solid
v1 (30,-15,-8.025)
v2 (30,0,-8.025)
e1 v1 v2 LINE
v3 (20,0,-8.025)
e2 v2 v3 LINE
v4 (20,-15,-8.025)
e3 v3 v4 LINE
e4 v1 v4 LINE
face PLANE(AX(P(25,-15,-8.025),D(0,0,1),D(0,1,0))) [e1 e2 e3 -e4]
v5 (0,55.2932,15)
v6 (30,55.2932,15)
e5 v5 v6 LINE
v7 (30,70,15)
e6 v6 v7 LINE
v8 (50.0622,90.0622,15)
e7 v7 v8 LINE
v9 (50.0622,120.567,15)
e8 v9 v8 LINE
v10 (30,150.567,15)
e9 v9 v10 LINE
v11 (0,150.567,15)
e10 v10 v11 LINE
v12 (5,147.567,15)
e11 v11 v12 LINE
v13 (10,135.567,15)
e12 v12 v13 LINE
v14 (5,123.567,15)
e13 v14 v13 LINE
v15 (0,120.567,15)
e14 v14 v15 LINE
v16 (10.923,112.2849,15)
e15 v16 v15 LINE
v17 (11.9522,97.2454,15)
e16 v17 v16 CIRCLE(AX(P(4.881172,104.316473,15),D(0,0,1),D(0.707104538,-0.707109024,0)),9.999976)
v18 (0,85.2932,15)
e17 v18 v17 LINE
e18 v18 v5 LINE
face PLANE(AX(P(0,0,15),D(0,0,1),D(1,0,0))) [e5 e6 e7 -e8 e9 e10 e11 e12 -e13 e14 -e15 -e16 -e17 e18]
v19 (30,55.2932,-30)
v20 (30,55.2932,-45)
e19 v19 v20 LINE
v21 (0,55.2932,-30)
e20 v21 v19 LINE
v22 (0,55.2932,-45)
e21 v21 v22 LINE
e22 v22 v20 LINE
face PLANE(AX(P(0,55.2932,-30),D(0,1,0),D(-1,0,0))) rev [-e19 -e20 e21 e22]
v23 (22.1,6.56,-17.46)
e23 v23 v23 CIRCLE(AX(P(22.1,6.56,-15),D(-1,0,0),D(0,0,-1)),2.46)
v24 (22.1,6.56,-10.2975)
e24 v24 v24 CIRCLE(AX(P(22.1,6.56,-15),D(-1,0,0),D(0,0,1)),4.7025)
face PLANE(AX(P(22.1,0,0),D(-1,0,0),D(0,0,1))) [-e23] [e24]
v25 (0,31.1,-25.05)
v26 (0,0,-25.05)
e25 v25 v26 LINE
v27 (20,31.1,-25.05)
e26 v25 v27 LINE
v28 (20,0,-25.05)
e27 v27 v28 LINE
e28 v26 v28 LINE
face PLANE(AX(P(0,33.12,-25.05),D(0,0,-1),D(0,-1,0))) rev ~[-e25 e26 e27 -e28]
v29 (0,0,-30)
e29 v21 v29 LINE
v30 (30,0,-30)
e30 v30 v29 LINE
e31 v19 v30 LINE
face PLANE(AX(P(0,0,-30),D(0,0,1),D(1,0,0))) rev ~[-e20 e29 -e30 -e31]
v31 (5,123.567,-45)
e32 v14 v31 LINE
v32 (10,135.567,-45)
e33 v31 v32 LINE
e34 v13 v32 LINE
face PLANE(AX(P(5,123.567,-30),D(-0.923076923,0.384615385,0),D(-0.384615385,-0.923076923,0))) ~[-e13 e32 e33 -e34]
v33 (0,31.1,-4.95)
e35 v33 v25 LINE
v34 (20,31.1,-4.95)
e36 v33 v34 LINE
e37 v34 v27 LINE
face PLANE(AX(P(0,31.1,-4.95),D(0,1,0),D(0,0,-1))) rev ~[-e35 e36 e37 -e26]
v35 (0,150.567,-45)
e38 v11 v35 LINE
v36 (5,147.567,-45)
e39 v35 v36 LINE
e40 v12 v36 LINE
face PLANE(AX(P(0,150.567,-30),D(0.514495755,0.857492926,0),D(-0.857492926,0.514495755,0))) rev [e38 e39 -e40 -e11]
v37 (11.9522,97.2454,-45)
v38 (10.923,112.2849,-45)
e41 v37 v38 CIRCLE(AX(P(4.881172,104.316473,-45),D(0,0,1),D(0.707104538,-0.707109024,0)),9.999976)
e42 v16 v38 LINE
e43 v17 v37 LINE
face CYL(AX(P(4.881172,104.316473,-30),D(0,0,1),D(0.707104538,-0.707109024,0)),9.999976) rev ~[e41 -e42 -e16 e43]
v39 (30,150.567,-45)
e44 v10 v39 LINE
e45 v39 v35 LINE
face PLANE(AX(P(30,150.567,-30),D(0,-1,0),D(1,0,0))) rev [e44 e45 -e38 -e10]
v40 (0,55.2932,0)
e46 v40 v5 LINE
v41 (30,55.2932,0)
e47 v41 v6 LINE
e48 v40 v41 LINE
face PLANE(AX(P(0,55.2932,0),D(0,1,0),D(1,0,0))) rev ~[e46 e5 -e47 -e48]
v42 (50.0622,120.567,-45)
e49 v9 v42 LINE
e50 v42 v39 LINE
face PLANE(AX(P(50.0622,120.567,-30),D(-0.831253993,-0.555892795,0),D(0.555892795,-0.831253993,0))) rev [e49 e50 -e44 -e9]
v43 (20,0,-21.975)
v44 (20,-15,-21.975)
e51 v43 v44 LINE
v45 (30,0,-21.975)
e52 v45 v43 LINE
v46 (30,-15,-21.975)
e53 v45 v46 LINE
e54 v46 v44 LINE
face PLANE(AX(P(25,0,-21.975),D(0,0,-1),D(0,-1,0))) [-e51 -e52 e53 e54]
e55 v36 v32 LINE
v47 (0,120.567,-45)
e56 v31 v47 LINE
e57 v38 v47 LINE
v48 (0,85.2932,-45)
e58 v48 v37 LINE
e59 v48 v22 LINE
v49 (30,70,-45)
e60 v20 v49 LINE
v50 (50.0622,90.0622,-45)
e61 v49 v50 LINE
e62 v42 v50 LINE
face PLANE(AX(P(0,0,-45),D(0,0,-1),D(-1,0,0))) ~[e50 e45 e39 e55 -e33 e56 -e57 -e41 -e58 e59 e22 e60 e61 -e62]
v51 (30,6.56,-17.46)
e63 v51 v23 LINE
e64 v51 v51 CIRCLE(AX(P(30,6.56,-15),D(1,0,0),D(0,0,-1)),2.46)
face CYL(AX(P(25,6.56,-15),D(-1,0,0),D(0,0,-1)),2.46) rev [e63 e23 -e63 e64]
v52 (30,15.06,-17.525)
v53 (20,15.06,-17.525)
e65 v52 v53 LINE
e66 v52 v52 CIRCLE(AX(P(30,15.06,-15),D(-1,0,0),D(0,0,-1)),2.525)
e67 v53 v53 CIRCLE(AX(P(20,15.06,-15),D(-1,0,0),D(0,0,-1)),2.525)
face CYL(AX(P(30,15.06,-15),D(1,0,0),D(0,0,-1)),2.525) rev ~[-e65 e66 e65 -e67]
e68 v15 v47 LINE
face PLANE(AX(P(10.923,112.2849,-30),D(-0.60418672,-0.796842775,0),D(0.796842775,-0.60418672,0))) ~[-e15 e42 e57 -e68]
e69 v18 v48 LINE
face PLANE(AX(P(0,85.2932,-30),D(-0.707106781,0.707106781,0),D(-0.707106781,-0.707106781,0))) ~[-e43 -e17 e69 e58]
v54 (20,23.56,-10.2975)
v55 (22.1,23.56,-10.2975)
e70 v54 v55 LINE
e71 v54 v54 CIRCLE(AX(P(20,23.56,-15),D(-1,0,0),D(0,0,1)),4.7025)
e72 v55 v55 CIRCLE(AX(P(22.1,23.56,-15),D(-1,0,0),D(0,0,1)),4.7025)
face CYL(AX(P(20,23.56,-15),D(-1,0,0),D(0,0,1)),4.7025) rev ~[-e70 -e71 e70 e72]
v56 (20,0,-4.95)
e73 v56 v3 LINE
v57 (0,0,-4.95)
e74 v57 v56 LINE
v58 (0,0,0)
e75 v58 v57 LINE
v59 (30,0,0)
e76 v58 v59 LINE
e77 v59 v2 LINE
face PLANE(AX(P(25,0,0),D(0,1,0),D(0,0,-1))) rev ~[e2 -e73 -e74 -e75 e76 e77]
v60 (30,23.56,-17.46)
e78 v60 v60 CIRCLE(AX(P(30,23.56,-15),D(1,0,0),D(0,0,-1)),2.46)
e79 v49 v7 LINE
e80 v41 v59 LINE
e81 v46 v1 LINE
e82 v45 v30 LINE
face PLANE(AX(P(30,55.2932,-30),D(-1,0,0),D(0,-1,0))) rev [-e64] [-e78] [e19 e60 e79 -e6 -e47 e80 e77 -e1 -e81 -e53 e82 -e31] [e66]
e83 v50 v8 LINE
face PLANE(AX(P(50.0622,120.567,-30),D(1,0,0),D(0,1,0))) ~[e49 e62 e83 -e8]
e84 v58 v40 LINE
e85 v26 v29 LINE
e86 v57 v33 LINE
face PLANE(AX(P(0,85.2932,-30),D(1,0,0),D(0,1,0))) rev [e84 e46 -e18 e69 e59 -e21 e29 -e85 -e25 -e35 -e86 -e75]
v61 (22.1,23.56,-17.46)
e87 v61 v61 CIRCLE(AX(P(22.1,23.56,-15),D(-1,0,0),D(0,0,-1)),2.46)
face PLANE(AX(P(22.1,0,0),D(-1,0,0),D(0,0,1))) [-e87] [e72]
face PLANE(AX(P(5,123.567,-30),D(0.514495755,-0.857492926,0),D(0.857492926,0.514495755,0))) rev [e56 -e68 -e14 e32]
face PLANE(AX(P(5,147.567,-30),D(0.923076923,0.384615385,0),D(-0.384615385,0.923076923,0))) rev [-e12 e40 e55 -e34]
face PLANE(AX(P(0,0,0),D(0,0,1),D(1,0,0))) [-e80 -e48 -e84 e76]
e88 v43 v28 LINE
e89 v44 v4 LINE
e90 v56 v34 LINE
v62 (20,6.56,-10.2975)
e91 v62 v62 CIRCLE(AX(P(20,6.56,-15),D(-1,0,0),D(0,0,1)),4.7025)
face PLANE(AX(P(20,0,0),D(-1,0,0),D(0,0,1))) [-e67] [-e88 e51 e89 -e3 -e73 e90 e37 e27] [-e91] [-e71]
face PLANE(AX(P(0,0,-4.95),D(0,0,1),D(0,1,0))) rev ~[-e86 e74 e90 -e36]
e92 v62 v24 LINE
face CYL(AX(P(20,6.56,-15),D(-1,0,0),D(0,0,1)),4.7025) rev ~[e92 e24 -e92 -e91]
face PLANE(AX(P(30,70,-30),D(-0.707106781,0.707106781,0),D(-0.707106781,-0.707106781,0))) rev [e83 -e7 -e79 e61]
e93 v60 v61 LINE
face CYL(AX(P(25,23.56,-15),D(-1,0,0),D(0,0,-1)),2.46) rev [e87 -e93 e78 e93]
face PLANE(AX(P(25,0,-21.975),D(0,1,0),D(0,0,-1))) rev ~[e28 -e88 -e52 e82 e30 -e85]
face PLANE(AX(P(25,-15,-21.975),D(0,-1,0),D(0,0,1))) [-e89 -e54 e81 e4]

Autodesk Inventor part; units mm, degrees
ref_plane "YZ Plane" through (0, 0, 0) normal (1, 0, 0) x (0, 1, 0)
ref_plane "XZ Plane" through (0, 0, 0) normal (0, 1, 0) x (-1, 0, 0)
sketch "Sketch1" plane through (0, 0, 0) normal (0, 0, 1) x (1, 0, 0)
  line L0 (0, 0) -> (25, 0)
  line L1 (25, 0) -> (25, 40)
  line L2 (25, 40) -> (0, 40)
  line L3 (0, 40) -> (0, 0)
  dimension "d1" = 25
  dimension "d2" = 40
  dimension "d3" = 25
extrude "Extrusion1" add sketch "Sketch1" against normal blind 30
sketch "Sketch2" plane through (25, 0, 0) normal (1, 0, 0) x (0, 0, -1)
  line L0 (0, 0) -> (30, 0) projected
  circle A0 centre (15, 6.56) radius 2.46
extrude "Extrusion2" cut sketch "Sketch2" against normal blind 30
sketch "Sketch3" plane through (0, 0, 0) normal (-1, 0, 0) x (0, 0, 1)
  line L0 (0, 0) -> (-30, 0) projected
  line L1 (-25.05, 0) -> (-4.95, 0)
  line L2 (-4.95, 0) -> (-4.95, 33.12)
  line L3 (-4.95, 33.12) -> (-25.05, 33.12)
  line L4 (-25.05, 33.12) -> (-25.05, 0)
  dimension "d11" = 20.1
extrude "Extrusion3" cut sketch "Sketch3" against normal blind 20
sketch "Sketch4" plane through (0, 0, 0) normal (0, -1, 0) x (1, 0, 0)
  line L0 (20, -4.95) -> (20, -25.05) projected
  line L1 (20, -15) -> (25, -15)
  line L2 (25, 0) -> (25, -30) projected
  line L3 (20, -8.025) -> (25, -8.025)
  line L4 (25, -8.025) -> (25, -21.975)
  line L5 (25, -21.975) -> (20, -21.975)
  line L6 (20, -21.975) -> (20, -8.025)
  line L7 (20, -8.025) -> (25, -21.975) construction
  line L8 (25, -8.025) -> (20, -21.975) construction
  line L9 (25, -12.54) -> (25, -17.46) projected
  point P0 (0, 0)
  point P1 (22.5, -15)
  dimension "d14" = 13.95
extrude "Extrusion4" add sketch "Sketch4" along normal blind 15
sketch "Sketch5" plane through (20, 0, 0) normal (-1, 0, 0) x (0, 0, 1)
  circle A0 centre (-15, 6.56) radius 2.46 projected
  circle A1 centre (-15, 6.56) radius 4.7025
  circle A2 centre (-15, 6.56) radius 2.46 projected
  circle A3 centre (-15, 6.56) radius 2.46
  point P0 (0, 0)
  dimension "d17" = 9.405
extrude "Extrusion5" cut sketch "Sketch5" against normal blind 2.1
sketch "Sketch6" plane through (25, 0, 0) normal (1, 0, 0) x (0, 0, -1)
  circle A0 centre (15, 6.56) radius 4.7025 projected
  line L0 (15, 6.56) -> (15, 23.56)
  circle A1 centre (15, 23.56) radius 2.46
  point P0 (0, 0)
  dimension "d20" = 17
  dimension "d21" = 4.92
extrude "Extrusion6" cut sketch "Sketch6" against normal blind 10 contours A1
sketch "Sketch7" plane through (20, 0, 0) normal (-1, 0, 0) x (0, 0, 1)
  circle A0 centre (-15, 23.56) radius 2.46 projected
  circle A1 centre (-15, 23.56) radius 4.7025
  point P0 (0, 0)
  dimension "d24" = 9.405
extrude "Extrusion7" cut sketch "Sketch7" against normal blind 2.1
sketch "Sketch9" plane through (25, 0, 0) normal (1, 0, 0) x (0, 0, -1)
  circle A0 centre (15, 6.56) radius 2.46 projected
  circle A1 centre (15, 6.56) radius 2.46
  circle A2 centre (15, 23.56) radius 2.46 projected
  circle A3 centre (15, 23.56) radius 2.46
  line L0 (30, 40) -> (30, 0) projected
  line L1 (30, 0) -> (30, 40)
  line L2 (30, 40) -> (0, 40)
  line L3 (0, 40) -> (0, 0)
  line L4 (0, 0) -> (8.025, 0) projected
  line L5 (21.975, 0) -> (21.975, -15)
  line L6 (21.975, -15) -> (8.025, -15)
  line L7 (8.025, -15) -> (8.025, 0)
  line L8 (0, 0) -> (8.025, 0)
  line L9 (21.975, 0) -> (30, 0)
extrude "Extrusion8" add sketch "Sketch9" along normal blind 5
sketch "Sketch10" plane through (0, 40, 0) normal (0, 1, 0) x (1, 0, 0)
  line L0 (0, 30) -> (30, 30) projected
  line L1 (30, 0) -> (0, 0) projected
  line L2 (0, 30) -> (30, 30)
  line L3 (30, 30) -> (30, 0)
  line L4 (30, 0) -> (0, 0)
  line L5 (0, 0) -> (0, 30)
extrude "Extrusion9" add sketch "Sketch10" along normal blind 30
sketch "Sketch12" plane through (30, 0, 0) normal (1, 0, 0) x (0, 0, -1)
  circle A0 centre (15, 6.56) radius 2.46 projected
  line L0 (15, 6.56) -> (15, 15.06)
  circle A1 centre (15, 15.06) radius 2.525
  point P0 (0, 0)
  dimension "d31" = 8.5
  dimension "d33" = 5.05
extrude "Extrusion10" cut sketch "Sketch12" against normal blind 30 contours A1
sketch "Sketch15" plane through (0, 0, -25.05) normal (-1, 0, 0) x (0, 0, 1)
  line L0 (0, 33.12) -> (20.1, 33.12) projected
  line L1 (20.1, 33.12) -> (20.1, 0) projected
  line L2 (0, 33.12) -> (20.1, 33.12)
  line L3 (20.1, 33.12) -> (20.1, 31.1)
  line L4 (20.1, 31.1) -> (0, 31.1)
  line L5 (0, 31.1) -> (0, 33.12)
  point P0 (25.05, 0)
  dimension "d57" = 2.02
extrude "Extrusion13" add sketch "Sketch15" against normal blind 20
sketch "Sketch17" plane through (0, 0, 0) normal (0, 0, 1) x (1, 0, 0)
  line L0 (0, 70) -> (30, 70) projected
  line L1 (30, 70) -> (50.0622, 90.0622)
  line L2 (30, 70) -> (80, 70) construction
  line L3 (11.9522, 97.2454) -> (0, 85.2932)
  line L4 (0, 70) -> (0, 85.2932)
  line L5 (0, 70) -> (0, 0) projected
  line L6 (0, 70) -> (30, 70)
  line L7 (10.923, 112.2849) -> (0, 120.567)
  line L8 (50.0622, 105.3553) -> (50.0622, 120.567)
  line L9 (50.0622, 105.3553) -> (50.0622, 90.0622)
  arc A0 (11.9522, 97.2454) -> (10.923, 112.2849) centre (4.8811, 104.3165) ccw
  line L10 (0, 150.567) -> (30, 150.567)
  line L11 (30, 150.567) -> (50.0622, 120.567)
  line L12 (5, 147.567) -> (0, 150.567)
  line L13 (5, 123.567) -> (0, 120.567)
  line L14 (5, 123.567) -> (10, 135.567)
  line L15 (10, 135.567) -> (5, 147.567)
  dimension "d61" = 45
  dimension "d62" = 32.0271
  dimension "d72" = 10
extrude "Extrusion14" add sketch "Sketch17" against normal blind 30
sketch "Sketch22" plane through (0, 0, 0) normal (0, 0, 1) x (1, 0, 0)
  line L0 (30, 0) -> (30, 70) projected
  line L1 (50.0622, 120.567) -> (50.0622, 90.0622) projected
  line L2 (30, 70) -> (50.0622, 90.0622)
  line L3 (50.0622, 90.0622) -> (50.0622, 120.567)
  line L4 (50.0622, 120.567) -> (30, 150.567) projected
  line L5 (50.0622, 120.567) -> (30, 150.567)
  line L6 (30, 150.567) -> (0, 150.567) projected
  line L7 (30, 150.567) -> (0, 150.567)
  line L8 (0, 150.567) -> (5, 147.567) projected
  line L9 (0, 150.567) -> (5, 147.567)
  line L10 (5, 147.567) -> (10, 135.567) projected
  line L11 (5, 147.567) -> (10, 135.567)
  line L12 (5, 123.567) -> (10, 135.567) projected
  line L13 (10, 135.567) -> (5, 123.567)
  line L14 (5, 123.567) -> (0, 120.567) projected
  line L15 (5, 123.567) -> (0, 120.567)
  line L16 (10.923, 112.2849) -> (0, 120.567) projected
  line L17 (0, 120.567) -> (10.923, 112.2849)
  line L18 (0, 85.2932) -> (11.9522, 97.2454) projected
  line L19 (11.9522, 97.2454) -> (0, 85.2932)
  line L20 (0, 85.2932) -> (0, 55.2932)
  line L21 (0, 0) -> (0, 85.2932) projected
  line L22 (0, 55.2932) -> (30, 55.2932)
  line L23 (30, 55.2932) -> (30, 70)
  arc A0 (11.9522, 97.2454) -> (10.923, 112.2849) centre (4.8811, 104.3165) ccw projected
  arc A1 (11.9522, 97.2454) -> (10.923, 112.2849) centre (4.8811, 104.3165) ccw
  dimension "d87" = 30
extrude "Extrusion15" add sketch "Sketch22" along normal blind 15
ref_plane "Work Plane1" through (0, 0, -15) normal (0, 0, 1) x (1, 0, 0)
mirror "Mirror1" about plane through (0, 0, -15) normal (0, 0, 1) of "Extrusion15"
properties part number "rec_c_24mm_x_60mm"
